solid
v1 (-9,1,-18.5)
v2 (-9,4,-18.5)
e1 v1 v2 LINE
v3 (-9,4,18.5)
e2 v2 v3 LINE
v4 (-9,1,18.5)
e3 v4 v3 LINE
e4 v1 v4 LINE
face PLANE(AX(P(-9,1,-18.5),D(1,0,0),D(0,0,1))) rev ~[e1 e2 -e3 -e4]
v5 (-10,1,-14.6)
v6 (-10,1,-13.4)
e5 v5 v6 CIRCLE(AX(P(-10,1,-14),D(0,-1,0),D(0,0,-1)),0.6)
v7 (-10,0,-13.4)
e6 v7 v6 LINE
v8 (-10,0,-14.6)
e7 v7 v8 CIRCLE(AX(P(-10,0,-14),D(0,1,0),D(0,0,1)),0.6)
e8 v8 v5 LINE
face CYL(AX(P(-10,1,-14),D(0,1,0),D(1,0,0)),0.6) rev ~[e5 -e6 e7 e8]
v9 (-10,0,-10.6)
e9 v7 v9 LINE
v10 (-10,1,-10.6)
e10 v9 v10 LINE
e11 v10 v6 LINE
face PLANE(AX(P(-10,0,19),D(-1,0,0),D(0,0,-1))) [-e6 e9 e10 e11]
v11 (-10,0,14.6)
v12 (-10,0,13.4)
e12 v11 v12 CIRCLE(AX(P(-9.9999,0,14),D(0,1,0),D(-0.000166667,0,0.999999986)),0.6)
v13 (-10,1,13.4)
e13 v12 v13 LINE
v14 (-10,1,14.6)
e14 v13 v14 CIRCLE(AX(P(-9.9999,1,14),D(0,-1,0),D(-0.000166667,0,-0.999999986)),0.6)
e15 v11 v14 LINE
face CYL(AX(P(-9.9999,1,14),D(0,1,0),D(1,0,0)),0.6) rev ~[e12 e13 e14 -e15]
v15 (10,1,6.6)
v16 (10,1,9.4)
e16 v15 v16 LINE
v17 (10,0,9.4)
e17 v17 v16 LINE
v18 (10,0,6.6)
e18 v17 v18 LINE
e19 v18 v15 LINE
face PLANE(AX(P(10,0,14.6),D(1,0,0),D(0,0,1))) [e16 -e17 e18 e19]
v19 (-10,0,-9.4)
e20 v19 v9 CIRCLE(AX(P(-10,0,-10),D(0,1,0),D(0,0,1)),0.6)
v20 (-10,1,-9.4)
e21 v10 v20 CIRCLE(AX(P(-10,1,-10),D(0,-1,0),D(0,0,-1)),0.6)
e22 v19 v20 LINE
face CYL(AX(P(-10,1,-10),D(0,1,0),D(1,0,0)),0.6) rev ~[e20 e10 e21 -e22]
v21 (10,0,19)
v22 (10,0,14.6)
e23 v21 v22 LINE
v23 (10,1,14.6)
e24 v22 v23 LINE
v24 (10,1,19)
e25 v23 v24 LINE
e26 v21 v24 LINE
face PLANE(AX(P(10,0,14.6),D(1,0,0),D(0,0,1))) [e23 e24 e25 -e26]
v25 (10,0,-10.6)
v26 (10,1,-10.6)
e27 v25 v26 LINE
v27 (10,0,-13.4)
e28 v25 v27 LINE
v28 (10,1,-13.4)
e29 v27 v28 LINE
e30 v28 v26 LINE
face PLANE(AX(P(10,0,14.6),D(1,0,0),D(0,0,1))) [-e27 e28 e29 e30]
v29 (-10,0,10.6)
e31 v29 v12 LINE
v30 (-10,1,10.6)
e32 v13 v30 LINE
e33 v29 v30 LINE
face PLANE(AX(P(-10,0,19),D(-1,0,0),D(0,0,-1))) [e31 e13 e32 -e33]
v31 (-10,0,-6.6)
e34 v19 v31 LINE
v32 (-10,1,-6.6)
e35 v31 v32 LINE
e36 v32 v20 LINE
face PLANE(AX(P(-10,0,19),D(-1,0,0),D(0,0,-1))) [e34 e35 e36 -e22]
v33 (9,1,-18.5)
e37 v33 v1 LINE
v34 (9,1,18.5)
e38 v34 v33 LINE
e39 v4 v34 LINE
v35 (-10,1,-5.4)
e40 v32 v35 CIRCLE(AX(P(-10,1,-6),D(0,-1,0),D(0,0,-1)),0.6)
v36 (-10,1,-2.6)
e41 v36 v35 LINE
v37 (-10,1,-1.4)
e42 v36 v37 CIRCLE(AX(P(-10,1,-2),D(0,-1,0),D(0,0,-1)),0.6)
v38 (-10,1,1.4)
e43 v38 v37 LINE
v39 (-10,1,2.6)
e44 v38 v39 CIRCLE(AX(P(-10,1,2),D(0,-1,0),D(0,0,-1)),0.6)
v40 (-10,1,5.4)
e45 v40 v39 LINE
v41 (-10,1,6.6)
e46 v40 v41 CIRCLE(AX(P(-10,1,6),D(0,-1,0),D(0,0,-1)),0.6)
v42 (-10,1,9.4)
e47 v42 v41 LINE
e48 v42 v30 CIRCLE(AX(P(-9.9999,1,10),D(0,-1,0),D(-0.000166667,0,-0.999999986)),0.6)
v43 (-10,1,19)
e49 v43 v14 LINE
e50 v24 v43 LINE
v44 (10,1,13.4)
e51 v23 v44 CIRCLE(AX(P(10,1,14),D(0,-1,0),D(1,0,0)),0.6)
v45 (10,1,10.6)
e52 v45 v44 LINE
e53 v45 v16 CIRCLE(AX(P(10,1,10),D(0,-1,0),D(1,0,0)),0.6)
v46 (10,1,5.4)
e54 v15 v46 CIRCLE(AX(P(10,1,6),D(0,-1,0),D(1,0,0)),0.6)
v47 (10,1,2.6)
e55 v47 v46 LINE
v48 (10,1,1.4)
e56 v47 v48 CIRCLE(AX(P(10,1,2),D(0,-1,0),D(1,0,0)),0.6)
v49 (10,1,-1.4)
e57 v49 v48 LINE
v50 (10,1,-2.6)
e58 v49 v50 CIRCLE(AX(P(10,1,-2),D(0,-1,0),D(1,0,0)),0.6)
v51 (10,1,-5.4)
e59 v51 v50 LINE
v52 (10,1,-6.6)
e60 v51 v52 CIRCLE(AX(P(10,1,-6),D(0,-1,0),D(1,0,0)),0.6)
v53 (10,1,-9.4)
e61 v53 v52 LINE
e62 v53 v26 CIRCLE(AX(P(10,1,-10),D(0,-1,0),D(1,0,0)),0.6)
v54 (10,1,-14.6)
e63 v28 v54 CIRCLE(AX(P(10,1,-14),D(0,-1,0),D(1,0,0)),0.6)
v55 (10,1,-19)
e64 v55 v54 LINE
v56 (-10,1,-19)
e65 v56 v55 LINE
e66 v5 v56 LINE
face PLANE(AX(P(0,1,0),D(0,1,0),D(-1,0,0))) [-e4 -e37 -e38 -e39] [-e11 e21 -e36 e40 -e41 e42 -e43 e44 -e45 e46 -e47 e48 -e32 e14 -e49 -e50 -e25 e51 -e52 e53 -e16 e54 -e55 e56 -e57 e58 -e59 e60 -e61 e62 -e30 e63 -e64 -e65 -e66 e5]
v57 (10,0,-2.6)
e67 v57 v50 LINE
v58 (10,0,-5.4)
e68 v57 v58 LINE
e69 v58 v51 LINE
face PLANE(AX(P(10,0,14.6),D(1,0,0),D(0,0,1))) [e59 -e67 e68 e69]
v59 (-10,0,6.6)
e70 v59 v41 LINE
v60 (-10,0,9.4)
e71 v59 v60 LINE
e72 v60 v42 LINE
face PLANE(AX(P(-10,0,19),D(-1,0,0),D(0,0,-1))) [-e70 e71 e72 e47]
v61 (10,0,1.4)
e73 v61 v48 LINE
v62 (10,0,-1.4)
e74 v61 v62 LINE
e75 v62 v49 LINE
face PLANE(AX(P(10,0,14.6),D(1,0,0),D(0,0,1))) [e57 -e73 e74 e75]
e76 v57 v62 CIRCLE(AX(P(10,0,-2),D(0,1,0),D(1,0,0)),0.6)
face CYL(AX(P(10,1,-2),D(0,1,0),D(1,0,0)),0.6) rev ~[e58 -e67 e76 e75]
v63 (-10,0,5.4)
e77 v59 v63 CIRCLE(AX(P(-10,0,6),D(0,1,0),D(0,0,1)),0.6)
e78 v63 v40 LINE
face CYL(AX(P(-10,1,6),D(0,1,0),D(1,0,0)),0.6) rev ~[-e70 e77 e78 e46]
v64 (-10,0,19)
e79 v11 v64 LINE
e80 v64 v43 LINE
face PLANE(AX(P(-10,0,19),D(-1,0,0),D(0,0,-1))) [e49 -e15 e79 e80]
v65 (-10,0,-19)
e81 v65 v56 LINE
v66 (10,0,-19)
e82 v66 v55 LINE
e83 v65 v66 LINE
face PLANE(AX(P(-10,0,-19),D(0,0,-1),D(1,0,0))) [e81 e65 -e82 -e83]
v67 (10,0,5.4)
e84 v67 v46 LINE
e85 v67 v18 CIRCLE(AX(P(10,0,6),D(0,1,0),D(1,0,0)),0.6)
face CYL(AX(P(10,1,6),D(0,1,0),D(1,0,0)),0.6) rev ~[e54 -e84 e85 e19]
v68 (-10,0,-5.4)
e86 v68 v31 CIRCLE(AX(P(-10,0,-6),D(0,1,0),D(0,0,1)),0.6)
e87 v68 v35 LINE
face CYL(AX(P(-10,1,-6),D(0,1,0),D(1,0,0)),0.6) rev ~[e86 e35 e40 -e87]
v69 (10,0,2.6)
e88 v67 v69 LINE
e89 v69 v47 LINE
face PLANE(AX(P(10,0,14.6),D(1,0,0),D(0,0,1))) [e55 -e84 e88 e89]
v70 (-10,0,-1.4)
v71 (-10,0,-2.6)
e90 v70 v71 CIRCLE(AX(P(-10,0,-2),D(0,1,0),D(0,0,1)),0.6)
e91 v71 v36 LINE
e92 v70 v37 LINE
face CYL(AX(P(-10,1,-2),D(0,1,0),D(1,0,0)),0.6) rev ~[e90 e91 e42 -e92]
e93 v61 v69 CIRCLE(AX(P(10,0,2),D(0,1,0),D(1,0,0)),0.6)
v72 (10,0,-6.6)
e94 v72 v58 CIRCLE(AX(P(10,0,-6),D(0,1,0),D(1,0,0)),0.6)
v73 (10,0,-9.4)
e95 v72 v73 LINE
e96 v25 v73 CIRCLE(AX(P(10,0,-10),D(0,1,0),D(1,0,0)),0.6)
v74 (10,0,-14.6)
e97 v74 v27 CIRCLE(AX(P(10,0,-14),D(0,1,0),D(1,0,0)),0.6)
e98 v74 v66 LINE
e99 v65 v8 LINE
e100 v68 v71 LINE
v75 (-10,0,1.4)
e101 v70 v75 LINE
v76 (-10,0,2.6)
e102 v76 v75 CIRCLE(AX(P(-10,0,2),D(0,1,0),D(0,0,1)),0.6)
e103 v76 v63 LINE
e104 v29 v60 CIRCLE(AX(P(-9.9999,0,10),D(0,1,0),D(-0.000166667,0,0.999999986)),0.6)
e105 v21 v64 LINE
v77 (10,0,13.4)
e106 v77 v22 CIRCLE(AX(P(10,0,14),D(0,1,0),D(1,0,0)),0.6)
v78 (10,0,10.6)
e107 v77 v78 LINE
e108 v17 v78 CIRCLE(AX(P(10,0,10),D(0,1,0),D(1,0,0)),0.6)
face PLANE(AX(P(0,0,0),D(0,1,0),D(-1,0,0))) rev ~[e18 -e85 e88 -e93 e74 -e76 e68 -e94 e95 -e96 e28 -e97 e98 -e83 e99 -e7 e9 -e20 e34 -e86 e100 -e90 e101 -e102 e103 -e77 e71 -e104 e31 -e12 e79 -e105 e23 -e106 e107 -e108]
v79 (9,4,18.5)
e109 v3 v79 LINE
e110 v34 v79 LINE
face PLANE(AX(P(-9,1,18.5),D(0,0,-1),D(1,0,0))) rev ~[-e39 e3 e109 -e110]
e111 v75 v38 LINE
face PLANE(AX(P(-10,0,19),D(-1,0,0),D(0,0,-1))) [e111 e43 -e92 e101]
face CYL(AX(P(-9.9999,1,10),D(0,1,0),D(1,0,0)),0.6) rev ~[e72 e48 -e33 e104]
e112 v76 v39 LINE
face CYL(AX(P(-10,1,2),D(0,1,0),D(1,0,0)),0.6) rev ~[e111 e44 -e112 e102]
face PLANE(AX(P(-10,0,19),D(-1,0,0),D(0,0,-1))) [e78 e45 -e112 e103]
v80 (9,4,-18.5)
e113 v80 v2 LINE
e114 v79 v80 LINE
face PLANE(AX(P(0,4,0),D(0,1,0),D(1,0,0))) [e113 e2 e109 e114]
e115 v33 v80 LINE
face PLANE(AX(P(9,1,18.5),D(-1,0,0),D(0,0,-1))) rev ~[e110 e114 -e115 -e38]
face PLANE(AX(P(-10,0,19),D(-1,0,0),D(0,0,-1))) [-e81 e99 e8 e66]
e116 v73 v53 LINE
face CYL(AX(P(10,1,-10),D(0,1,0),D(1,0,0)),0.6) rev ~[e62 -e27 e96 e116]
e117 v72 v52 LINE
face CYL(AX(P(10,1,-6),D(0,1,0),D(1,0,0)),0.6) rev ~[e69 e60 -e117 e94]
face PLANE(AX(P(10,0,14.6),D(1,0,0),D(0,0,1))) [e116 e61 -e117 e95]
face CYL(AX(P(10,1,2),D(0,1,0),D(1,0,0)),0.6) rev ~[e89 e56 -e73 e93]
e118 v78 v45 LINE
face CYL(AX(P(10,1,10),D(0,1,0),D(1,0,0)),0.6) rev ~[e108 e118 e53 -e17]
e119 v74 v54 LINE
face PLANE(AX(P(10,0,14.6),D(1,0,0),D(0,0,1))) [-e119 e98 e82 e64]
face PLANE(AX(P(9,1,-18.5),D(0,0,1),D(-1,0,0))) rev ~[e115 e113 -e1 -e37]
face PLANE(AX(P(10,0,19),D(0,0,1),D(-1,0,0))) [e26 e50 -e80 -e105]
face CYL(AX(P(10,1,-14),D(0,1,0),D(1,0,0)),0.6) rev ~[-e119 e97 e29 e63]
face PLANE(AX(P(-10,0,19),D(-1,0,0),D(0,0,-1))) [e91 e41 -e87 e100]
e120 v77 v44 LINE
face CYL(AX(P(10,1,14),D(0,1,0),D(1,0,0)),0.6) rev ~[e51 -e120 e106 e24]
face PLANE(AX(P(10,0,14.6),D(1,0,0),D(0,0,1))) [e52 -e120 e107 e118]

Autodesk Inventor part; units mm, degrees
ref_plane "YZ Plane" through (0, 0, 0) normal (1, 0, 0) x (0, 1, 0)
ref_plane "XZ Plane" through (0, 0, 0) normal (0, 1, 0) x (-1, 0, 0)
ref_plane "XY Plane" through (0, 0, 0) normal (0, 0, 1) x (1, 0, 0)
sketch "Sketch1" plane through (0, 0, 0) normal (0, 1, 0) x (-1, 0, 0)
  line L0 (-10, 19) -> (10, 19)
  line L1 (10, 19) -> (10, -19)
  line L2 (10, -19) -> (-10, -19)
  line L3 (-10, -19) -> (-10, 19)
  line L4 (-10, 19) -> (10, -19) construction
  line L5 (10, 19) -> (-10, -19) construction
  circle A0 centre (10, 14) radius 0.6
  circle A1 centre (10, 10) radius 0.6
  circle A2 centre (10, 6) radius 0.6
  circle A3 centre (10, 2) radius 0.6
  circle A4 centre (10, -2) radius 0.6
  circle A5 centre (10, -6) radius 0.6
  circle A6 centre (10, -10) radius 0.6
  circle A7 centre (10, -14) radius 0.6
  circle A8 centre (-10, 14) radius 0.6
  circle A9 centre (-10, 10) radius 0.6
  circle A10 centre (-10, 6) radius 0.6
  circle A11 centre (-10, 2) radius 0.6
  circle A12 centre (-10, -2) radius 0.6
  circle A13 centre (-10, -6) radius 0.6
  circle A14 centre (-9.9999, -10) radius 0.6
  circle A15 centre (-9.9999, -14) radius 0.6
  point P0 (0, 0)
  dimension "d0" = 20
  dimension "d1" = 38
  dimension "d2" = 1.2
  dimension "d3" = 0
  dimension "d4" = 5
  dimension "d5" = 1.2
  dimension "d6" = 1.2
  dimension "d7" = 0
  dimension "d8" = 0
  dimension "d9" = 4
  dimension "d10" = 4
  dimension "d11" = 1.2
  dimension "d13" = 1.2
  dimension "d14" = 1.2
  dimension "d15" = 0
  dimension "d16" = 0
  dimension "d17" = 0
  dimension "d18" = 4
  dimension "d19" = 4
  dimension "d20" = 4
  dimension "d22" = 1.2
  dimension "d23" = 0
  dimension "d24" = 4
  dimension "d25" = 1.2
  dimension "d26" = 0
  dimension "d27" = 4
  dimension "d28" = 1.2
  dimension "d29" = 1.2
  dimension "d30" = 1.2
  dimension "d31" = 4
  dimension "d32" = 4
  dimension "d33" = 1.2
  dimension "d34" = 4
  dimension "d35" = 5
  dimension "d36" = 0
  dimension "d37" = 1.2
  dimension "d38" = 1.2
  dimension "d39" = 1.2
  dimension "d40" = 4
  dimension "d41" = 4
  dimension "d42" = 1.2
  dimension "d43" = 4
  dimension "d44" = 5
  dimension "d45" = 0
  dimension "d46" = 4
extrude "Extrusion1" add sketch "Sketch1" along normal blind 1 contours L0 L1 A0 A1 A2 A3 A4 A5 A6 A7 L2 L3 A15 A14 A13 A12 A11 A10 A9 A8 | A8 L3 | L1 A0 | A9 L3 | L1 A1 | A10 L3 | L1 A2 | A11 L3 | L1 A3 | A12 L3 | L1 A4 | A13 L3 | L1 A5 | A14 L3 | L1 A6 | A15 L3 | L1 A7 picked at (-9.7546, 14.1247) picked at (9.9071, 13.8229) picked at (-9.7546, 10.1247) picked at (9.9071, 9.8229) picked at (-9.7991, 6.1197) picked at (9.6869, 6.1942) picked at (-9.7124, 2.1099) picked at (9.9521, 1.8058) picked at (-9.8308, -1.8486) picked at (9.9521, -2.1942) picked at (-9.7863, -5.8436) picked at (9.6325, -6.0264) picked at (-9.8, -10) picked at (9.7266, -9.8332) picked at (-9.8, -14) picked at (9.7266, -13.8332)
sketch "Sketch2" plane through (0, 1, 0) normal (0, 1, 0) x (1, 0, 0)
  line L0 (-10, 19) -> (10, 19)
  line L1 (10, 19) -> (10, -19)
  line L2 (10, -19) -> (-10, -19)
  line L3 (-10, -19) -> (-10, 19)
  line L4 (-10, 19) -> (10, -19) construction
  line L5 (10, 19) -> (-10, -19) construction
  circle A0 centre (10, 14) radius 0.6
  circle A1 centre (10, 10) radius 0.6
  circle A2 centre (10, 6) radius 0.6
  circle A3 centre (10, 2) radius 0.6
  circle A4 centre (10, -2) radius 0.6
  circle A5 centre (10, -6) radius 0.6
  circle A6 centre (10, -10) radius 0.6
  circle A7 centre (10, -14) radius 0.6
  circle A8 centre (-10, 14) radius 0.6
  circle A9 centre (-10, 10) radius 0.6
  circle A10 centre (-10, 6) radius 0.6
  circle A11 centre (-10, 2) radius 0.6
  circle A12 centre (-10, -2) radius 0.6
  circle A13 centre (-10, -6) radius 0.6
  circle A14 centre (-9.9999, -10) radius 0.6
  circle A15 centre (-9.9999, -14) radius 0.6
  point P0 (0, 0)
  point P1 (0, 0)
  dimension "d49" = 20
  dimension "d50" = 38
  dimension "d51" = 1.2
  dimension "d52" = 0
  dimension "d53" = 5
  dimension "d54" = 1.2
  dimension "d55" = 1.2
  dimension "d56" = 0
  dimension "d57" = 0
  dimension "d58" = 4
  dimension "d59" = 4
  dimension "d60" = 1.2
  dimension "d61" = 1.2
  dimension "d62" = 1.2
  dimension "d63" = 0
  dimension "d64" = 0
  dimension "d65" = 0
  dimension "d66" = 4
  dimension "d67" = 4
  dimension "d68" = 4
  dimension "d69" = 1.2
  dimension "d70" = 0
  dimension "d71" = 4
  dimension "d72" = 1.2
  dimension "d73" = 0
  dimension "d74" = 4
  dimension "d75" = 1.2
  dimension "d76" = 1.2
  dimension "d77" = 1.2
  dimension "d78" = 4
  dimension "d79" = 4
  dimension "d80" = 1.2
  dimension "d81" = 4
  dimension "d82" = 5
  dimension "d83" = 0
  dimension "d84" = 1.2
  dimension "d85" = 1.2
  dimension "d86" = 1.2
  dimension "d87" = 4
  dimension "d88" = 4
  dimension "d89" = 1.2
  dimension "d90" = 4
  dimension "d91" = 5
  dimension "d92" = 0
  dimension "d93" = 4
extrude "Extrusion2" cut sketch "Sketch2" against normal blind 1 contours A8 L3 | L3 A8 | A0 L1 | L1 A0 | A9 L3 | L3 A9 | A1 L1 | L1 A1 | A10 L3 | L3 A10 | A2 L1 | L1 A2 | A11 L3 | L3 A11 | A3 L1 | L1 A3 | A12 L3 | L3 A12 | A4 L1 | L1 A4 | A13 L3 | L3 A13 | A5 L1 | L1 A5 | A14 L3 | L3 A14 | A6 L1 | L1 A6 | A15 L3 | L3 A15 | A7 L1 | L1 A7
sketch "Sketch3" plane through (0, 1, 0) normal (0, 1, 0) x (1, 0, 0)
  line L0 (-9, -18.5) -> (9, -18.5)
  line L1 (9, -18.5) -> (9, 18.5)
  line L2 (9, 18.5) -> (-9, 18.5)
  line L3 (-9, 18.5) -> (-9, -18.5)
  line L4 (-9, -18.5) -> (9, 18.5) construction
  line L5 (9, -18.5) -> (-9, 18.5) construction
  point P0 (0, 0)
  dimension "d96" = 37
extrude "Extrusion3" add sketch "Sketch3" along normal blind 3
properties part number "Radio"
